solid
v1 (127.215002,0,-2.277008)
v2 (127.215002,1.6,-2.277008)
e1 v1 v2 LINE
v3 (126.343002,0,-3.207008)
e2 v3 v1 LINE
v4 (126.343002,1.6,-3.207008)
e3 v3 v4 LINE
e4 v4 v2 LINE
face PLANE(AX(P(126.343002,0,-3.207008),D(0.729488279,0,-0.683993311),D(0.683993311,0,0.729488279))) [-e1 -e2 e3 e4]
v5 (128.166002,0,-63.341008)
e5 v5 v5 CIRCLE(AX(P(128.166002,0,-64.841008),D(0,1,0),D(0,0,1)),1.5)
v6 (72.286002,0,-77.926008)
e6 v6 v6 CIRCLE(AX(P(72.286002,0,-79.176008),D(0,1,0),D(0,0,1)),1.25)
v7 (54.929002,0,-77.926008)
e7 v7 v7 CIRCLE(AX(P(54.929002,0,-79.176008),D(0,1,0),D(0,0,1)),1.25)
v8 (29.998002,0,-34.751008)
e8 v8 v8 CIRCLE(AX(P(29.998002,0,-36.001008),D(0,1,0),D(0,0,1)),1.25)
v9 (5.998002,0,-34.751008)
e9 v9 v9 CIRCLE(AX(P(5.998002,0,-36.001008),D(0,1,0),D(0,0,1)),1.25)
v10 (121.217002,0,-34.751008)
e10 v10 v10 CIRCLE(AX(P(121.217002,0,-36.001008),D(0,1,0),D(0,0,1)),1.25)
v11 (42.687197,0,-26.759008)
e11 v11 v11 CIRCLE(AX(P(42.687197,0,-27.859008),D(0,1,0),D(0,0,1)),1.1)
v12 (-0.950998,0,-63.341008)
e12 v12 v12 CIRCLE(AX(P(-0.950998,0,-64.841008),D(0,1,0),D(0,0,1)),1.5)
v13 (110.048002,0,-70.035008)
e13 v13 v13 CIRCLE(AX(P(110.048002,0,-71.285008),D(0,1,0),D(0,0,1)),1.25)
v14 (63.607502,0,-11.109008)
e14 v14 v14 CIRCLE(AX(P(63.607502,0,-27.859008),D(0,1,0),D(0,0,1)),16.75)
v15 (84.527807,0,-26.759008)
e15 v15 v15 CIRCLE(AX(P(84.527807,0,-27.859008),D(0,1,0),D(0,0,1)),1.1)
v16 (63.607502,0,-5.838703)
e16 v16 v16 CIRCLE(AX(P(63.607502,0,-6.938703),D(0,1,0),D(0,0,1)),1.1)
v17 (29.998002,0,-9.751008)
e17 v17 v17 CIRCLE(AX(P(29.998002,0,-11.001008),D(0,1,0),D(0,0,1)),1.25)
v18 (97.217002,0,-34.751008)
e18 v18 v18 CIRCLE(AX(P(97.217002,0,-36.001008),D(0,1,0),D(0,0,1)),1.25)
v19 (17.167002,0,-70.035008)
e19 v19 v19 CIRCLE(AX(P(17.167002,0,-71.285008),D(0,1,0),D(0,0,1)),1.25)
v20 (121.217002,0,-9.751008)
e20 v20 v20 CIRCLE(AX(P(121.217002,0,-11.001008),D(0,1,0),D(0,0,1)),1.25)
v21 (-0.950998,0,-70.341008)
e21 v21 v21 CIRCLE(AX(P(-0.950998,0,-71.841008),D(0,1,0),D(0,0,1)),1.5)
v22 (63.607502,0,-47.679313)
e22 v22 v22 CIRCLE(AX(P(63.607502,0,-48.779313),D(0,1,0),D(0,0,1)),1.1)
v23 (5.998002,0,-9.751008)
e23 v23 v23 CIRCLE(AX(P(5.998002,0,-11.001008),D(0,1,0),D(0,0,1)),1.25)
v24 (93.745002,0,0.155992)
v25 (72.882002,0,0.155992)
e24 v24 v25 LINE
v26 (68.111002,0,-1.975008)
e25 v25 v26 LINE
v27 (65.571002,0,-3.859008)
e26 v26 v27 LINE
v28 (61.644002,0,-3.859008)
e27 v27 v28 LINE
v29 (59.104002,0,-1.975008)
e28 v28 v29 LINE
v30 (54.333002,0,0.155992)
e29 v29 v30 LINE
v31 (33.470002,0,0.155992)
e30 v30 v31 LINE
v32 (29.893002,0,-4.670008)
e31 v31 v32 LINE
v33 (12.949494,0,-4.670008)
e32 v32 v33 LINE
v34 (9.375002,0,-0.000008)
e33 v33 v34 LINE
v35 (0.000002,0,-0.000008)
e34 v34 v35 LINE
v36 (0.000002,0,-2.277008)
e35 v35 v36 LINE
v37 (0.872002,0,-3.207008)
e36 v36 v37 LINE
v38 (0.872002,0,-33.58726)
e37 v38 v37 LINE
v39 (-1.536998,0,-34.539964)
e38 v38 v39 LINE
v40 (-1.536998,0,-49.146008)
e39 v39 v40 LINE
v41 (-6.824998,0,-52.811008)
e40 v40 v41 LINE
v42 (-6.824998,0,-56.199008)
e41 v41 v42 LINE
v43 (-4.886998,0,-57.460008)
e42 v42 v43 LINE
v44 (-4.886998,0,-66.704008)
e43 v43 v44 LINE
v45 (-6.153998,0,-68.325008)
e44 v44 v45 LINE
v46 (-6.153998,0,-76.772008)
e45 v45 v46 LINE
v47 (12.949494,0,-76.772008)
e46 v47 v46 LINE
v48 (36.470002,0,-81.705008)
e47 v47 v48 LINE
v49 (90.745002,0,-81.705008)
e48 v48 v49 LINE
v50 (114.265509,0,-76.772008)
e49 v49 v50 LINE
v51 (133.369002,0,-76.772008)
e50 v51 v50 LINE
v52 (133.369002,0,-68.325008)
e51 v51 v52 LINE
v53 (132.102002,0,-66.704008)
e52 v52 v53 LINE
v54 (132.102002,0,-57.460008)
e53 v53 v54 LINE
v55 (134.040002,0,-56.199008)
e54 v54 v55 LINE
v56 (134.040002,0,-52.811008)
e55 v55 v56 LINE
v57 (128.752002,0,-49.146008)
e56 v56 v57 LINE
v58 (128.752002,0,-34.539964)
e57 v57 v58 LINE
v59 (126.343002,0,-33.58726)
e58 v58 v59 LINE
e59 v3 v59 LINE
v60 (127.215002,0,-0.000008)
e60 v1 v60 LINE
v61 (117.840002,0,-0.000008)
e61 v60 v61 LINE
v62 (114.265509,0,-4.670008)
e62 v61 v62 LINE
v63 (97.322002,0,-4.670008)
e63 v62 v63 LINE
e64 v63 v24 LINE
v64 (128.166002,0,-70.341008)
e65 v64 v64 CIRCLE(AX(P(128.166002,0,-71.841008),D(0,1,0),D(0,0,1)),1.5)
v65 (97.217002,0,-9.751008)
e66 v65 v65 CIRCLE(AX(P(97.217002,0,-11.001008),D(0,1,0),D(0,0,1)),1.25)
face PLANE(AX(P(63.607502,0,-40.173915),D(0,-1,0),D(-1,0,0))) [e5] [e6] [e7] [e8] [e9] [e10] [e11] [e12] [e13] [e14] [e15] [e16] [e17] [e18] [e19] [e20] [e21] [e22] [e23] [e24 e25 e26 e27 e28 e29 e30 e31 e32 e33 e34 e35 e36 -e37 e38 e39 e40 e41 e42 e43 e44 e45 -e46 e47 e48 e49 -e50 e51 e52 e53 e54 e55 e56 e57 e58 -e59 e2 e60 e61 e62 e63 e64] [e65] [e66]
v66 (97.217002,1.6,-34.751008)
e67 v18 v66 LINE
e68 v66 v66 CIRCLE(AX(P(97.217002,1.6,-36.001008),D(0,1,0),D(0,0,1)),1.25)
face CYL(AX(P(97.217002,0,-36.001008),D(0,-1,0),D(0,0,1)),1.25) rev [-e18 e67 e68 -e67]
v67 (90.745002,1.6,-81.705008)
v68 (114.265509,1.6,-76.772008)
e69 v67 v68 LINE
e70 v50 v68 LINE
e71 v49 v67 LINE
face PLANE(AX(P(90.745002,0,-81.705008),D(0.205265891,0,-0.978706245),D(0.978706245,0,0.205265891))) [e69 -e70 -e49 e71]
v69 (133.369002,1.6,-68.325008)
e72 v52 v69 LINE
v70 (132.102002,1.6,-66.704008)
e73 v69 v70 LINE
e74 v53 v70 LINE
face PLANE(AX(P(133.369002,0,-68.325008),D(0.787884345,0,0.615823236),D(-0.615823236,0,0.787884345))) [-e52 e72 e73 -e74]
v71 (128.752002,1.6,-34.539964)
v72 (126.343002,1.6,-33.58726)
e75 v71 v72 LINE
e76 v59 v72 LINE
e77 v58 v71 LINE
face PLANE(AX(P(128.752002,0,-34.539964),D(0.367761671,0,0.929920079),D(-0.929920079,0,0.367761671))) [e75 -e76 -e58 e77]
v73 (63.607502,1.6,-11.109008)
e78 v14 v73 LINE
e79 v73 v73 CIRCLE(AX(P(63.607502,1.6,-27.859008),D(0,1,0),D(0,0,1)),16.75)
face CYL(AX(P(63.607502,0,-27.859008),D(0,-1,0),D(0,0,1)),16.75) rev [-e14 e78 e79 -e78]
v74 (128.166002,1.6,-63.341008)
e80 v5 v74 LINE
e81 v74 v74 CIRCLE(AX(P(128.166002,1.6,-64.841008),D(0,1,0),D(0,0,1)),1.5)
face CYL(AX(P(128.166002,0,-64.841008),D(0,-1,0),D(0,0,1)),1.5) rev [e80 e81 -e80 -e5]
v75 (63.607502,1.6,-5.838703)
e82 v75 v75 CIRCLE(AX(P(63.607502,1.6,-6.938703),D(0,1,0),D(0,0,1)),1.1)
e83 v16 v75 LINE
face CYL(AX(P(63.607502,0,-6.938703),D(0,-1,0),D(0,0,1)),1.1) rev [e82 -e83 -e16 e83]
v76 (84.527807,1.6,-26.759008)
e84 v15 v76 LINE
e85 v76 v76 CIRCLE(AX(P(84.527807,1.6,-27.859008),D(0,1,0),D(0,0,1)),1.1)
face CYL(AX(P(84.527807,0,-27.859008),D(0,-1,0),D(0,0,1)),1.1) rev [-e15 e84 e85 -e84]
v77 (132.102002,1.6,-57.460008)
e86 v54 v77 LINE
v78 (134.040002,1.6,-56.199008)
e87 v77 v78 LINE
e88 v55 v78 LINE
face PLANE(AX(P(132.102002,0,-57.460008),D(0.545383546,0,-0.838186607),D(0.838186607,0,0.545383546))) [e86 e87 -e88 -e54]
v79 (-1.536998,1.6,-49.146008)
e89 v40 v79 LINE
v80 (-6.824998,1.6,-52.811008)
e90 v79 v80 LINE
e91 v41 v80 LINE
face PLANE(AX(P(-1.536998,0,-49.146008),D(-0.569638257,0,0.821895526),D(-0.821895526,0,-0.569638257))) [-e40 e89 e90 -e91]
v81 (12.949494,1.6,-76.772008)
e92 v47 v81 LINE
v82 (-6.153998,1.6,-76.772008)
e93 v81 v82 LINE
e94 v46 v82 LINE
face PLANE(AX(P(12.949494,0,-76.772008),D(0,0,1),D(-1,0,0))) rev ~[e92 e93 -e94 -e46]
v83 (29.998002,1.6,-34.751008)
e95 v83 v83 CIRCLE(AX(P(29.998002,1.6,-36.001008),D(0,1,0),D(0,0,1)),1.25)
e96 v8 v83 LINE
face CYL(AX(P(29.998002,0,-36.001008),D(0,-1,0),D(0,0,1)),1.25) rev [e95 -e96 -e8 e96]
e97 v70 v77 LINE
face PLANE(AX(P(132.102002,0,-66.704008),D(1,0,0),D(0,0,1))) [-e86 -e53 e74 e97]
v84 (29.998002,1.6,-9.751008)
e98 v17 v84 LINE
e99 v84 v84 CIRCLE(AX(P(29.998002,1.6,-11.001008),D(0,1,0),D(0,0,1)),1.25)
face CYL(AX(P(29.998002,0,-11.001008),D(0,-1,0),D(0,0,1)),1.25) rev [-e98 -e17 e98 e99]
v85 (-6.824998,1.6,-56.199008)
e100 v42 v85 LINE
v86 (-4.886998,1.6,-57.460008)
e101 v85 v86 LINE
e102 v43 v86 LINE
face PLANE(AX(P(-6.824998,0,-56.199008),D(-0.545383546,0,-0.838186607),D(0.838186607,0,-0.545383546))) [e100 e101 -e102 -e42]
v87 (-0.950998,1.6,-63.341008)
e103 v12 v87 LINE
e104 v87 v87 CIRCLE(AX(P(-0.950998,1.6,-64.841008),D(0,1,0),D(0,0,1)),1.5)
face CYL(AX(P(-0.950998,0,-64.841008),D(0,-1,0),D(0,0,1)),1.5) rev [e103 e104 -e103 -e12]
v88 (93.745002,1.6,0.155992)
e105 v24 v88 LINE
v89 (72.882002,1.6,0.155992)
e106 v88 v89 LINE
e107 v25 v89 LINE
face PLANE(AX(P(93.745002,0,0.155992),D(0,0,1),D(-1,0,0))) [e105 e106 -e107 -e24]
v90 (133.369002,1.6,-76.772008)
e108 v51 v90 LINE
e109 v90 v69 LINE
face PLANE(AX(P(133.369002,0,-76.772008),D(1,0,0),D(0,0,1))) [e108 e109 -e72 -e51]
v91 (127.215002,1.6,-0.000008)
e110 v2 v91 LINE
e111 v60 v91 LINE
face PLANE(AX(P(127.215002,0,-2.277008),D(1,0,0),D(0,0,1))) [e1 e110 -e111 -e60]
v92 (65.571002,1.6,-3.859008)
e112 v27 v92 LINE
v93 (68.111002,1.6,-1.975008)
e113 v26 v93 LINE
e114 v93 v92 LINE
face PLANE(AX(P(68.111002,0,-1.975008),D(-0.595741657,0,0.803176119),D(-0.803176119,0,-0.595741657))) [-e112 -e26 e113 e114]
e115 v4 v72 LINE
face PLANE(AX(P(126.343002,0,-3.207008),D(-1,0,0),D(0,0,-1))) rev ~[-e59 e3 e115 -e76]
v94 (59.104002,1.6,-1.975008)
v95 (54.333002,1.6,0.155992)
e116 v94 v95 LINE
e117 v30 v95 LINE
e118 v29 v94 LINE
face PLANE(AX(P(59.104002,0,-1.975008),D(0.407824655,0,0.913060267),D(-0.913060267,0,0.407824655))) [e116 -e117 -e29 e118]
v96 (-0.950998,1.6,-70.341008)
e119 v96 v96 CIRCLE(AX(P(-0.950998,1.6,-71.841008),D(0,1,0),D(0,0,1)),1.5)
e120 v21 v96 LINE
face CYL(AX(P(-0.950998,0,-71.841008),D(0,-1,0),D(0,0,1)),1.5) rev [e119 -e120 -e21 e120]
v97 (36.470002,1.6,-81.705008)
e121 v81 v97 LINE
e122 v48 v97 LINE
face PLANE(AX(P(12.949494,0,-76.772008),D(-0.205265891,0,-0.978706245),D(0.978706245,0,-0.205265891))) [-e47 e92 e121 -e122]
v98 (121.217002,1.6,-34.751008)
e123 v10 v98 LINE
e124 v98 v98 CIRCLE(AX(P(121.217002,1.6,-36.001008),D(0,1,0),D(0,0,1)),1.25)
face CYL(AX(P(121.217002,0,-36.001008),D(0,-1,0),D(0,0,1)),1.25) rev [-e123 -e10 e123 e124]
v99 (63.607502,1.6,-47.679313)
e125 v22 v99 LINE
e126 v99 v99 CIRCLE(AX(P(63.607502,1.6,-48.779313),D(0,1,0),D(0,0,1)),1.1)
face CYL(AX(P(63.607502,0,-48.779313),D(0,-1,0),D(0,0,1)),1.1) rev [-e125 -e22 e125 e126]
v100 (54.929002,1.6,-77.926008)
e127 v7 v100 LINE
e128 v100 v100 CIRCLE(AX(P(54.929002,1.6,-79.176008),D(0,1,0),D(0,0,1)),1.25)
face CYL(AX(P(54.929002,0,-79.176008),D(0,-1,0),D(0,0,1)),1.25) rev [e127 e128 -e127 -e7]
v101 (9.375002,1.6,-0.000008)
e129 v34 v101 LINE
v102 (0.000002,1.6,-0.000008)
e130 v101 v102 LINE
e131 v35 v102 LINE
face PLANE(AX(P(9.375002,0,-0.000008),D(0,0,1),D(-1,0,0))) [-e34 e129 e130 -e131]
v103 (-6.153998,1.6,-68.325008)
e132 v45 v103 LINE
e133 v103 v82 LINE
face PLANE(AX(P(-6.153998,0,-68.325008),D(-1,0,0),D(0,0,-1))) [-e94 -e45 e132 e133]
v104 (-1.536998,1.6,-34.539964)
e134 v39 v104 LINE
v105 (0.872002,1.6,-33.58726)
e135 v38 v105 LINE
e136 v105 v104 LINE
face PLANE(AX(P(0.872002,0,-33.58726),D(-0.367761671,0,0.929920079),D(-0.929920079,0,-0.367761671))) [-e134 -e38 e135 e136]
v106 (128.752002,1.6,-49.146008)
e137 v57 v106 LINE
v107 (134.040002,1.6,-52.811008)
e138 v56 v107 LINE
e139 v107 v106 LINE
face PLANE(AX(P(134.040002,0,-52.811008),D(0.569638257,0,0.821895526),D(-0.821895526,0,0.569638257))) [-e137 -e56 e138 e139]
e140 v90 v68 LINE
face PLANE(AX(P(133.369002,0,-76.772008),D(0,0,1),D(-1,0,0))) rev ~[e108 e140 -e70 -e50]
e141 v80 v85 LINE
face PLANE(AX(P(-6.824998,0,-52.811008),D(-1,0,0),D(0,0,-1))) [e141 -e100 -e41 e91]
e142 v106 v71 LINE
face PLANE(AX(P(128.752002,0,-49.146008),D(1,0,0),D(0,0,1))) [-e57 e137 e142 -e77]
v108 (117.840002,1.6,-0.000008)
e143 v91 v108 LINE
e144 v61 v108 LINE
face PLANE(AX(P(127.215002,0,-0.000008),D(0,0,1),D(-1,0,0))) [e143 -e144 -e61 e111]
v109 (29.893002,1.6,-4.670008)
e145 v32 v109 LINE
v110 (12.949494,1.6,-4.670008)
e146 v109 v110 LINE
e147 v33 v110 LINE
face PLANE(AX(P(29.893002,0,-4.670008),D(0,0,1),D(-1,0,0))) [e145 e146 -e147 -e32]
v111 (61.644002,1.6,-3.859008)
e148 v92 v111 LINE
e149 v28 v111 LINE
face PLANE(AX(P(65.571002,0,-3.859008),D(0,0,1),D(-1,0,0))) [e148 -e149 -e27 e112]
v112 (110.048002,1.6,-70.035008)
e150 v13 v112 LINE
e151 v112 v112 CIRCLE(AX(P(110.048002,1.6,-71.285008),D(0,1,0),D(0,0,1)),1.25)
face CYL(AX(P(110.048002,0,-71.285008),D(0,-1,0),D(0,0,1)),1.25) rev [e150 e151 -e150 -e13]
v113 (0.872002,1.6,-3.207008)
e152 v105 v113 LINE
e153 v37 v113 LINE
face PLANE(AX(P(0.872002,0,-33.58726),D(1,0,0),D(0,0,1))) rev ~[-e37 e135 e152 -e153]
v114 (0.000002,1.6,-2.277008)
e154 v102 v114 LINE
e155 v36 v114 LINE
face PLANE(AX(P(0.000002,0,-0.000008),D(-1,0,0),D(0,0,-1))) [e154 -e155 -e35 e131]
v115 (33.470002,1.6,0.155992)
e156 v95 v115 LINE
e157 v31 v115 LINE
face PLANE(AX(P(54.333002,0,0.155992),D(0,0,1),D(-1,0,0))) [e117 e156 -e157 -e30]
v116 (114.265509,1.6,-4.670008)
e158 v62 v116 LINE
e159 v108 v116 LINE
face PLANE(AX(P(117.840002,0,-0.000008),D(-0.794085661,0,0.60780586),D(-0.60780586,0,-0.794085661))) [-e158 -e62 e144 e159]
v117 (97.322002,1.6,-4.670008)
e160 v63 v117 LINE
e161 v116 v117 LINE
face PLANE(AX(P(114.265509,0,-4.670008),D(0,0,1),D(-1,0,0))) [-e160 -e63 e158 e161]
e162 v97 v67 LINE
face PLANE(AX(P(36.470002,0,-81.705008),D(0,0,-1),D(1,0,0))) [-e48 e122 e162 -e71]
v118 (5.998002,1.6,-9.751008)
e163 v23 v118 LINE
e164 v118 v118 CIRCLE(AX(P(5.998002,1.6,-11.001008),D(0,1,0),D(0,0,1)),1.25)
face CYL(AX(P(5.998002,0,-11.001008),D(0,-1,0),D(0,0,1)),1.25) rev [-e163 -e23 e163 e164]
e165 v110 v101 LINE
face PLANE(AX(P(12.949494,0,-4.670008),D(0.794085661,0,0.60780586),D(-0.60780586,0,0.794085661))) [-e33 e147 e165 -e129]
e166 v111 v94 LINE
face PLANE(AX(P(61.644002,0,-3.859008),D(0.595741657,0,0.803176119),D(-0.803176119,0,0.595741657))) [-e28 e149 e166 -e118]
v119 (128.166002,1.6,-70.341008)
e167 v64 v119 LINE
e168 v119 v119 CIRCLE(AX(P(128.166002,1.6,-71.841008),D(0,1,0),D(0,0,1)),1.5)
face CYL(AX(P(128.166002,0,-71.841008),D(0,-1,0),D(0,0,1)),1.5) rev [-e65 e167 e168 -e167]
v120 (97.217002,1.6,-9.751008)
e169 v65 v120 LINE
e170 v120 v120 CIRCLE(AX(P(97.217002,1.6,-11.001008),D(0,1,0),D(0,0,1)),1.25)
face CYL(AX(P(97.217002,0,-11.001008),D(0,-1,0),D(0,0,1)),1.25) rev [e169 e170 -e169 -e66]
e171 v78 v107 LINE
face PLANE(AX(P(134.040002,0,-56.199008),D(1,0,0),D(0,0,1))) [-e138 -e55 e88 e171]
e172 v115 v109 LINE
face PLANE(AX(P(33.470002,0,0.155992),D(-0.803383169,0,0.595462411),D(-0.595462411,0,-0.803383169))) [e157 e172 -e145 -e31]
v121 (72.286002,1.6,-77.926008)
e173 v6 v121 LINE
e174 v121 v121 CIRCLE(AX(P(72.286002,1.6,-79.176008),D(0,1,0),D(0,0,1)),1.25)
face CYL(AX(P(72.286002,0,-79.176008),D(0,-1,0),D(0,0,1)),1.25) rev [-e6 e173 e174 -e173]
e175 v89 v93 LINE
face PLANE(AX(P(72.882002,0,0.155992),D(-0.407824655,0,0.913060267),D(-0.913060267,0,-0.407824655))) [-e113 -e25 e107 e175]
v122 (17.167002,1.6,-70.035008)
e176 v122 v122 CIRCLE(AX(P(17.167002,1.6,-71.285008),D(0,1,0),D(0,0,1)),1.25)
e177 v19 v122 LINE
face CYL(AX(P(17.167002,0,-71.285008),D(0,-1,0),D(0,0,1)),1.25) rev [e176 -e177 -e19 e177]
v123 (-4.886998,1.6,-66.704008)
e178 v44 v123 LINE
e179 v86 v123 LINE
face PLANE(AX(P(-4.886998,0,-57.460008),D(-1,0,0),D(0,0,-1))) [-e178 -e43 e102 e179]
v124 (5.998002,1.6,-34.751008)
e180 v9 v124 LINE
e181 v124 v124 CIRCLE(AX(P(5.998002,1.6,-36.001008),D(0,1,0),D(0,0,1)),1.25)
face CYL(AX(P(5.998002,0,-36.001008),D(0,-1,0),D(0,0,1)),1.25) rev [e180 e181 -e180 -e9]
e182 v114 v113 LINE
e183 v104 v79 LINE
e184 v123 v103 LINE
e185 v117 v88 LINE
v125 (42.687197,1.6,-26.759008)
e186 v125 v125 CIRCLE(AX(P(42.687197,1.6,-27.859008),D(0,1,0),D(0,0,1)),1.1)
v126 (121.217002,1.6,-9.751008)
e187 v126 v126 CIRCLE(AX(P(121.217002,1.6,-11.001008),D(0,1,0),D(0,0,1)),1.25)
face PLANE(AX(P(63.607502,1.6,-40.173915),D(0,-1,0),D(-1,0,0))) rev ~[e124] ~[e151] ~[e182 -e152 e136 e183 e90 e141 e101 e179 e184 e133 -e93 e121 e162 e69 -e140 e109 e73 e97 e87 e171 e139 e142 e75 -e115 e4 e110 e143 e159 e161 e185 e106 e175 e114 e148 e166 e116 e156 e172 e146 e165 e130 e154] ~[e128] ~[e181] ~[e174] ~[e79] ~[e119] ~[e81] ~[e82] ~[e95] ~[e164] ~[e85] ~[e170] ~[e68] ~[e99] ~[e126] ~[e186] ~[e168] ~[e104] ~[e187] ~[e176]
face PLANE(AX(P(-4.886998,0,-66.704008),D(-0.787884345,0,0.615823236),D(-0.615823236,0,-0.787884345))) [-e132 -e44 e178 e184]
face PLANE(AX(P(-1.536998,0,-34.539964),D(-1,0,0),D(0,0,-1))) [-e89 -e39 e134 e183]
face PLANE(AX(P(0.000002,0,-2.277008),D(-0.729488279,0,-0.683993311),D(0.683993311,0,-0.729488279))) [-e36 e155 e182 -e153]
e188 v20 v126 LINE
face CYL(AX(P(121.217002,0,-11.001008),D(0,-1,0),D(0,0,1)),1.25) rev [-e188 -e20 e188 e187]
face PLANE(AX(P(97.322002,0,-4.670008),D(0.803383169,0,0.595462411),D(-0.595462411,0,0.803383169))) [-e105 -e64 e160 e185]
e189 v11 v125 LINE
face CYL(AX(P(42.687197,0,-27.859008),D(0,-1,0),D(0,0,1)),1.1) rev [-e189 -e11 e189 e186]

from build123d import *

# Parameters (mm, degrees)
CROQUIS1_R              = 1.25
CROQUIS1_R_2            = 1.5
CROQUIS1_R_3            = 16.75
CROQUIS1_R_4            = 1.1
SALIENTE_EXTRUIR1_DEPTH = 1.6


with BuildPart() as part:
    # Croquis1 → Saliente-Extruir1 (new body)
    with BuildSketch(Plane(origin=(0, 0, 0), x_dir=(1, 0, 0), z_dir=(0, 1, 0))):
        Polygon((65.571001722, 3.859007926), (61.644001722, 3.859007926), (59.104001722, 1.975007926), (54.333001722, -0.155992074), (33.470001722, -0.155992074), (29.893001722, 4.670007926), (12.949494381, 4.670007926), (9.375001722, 7.926e-06), (1.722e-06, 7.926e-06), (1.722e-06, 2.277007926), (0.872001722, 3.207007926), (0.872001722, 21.491007926), (0.872001722, 33.587260304), (-1.536998278, 34.539963538), (-1.536998278, 49.146007926), (-6.824998278, 52.811007926), (-6.824998278, 56.199007926), (-4.886998278, 57.460007926), (-4.886998278, 66.704007926), (-6.153998278, 68.325007926), (-6.153998278, 76.772007926), (-2.987377359, 76.772007926), (12.949494381, 76.772007926), (36.470001722, 81.705007926), (90.745001722, 81.705007926), (114.265509063, 76.772007926), (130.202380802, 76.772007926), (133.369001722, 76.772007926), (133.369001722, 68.325007926), (132.102001722, 66.704007926), (132.102001722, 57.460007926), (134.040001722, 56.199007926), (134.040001722, 52.811007926), (128.752001722, 49.146007926), (128.752001722, 34.539963538), (126.343001722, 33.587260304), (126.343001722, 21.491007926), (126.343001722, 3.207007926), (127.215001722, 2.277007926), (127.215001722, 7.926e-06), (117.840001722, 7.926e-06), (114.265509063, 4.670007926), (97.322001722, 4.670007926), (93.745001722, -0.155992074), (72.882001722, -0.155992074), (68.111001722, 1.975007926), align=None)
        with Locations(Location((5.998001722, 11.001007926, 0), (0, 0, 270))):
            Circle(CROQUIS1_R, mode=Mode.SUBTRACT)
        with Locations(Location((5.998001722, 36.001007926, 0), (0, 0, 270))):
            Circle(CROQUIS1_R, mode=Mode.SUBTRACT)
        with Locations(Location((121.217001722, 36.001007926, 0), (0, 0, 270))):
            Circle(CROQUIS1_R, mode=Mode.SUBTRACT)
        with Locations(Location((121.217001722, 11.001007926, 0), (0, 0, 270))):
            Circle(CROQUIS1_R, mode=Mode.SUBTRACT)
        with Locations(Location((-0.950998278, 71.841007926, 0), (0, 0, 270))):
            Circle(CROQUIS1_R_2, mode=Mode.SUBTRACT)
        with Locations(Location((-0.950998278, 64.841007926, 0), (0, 0, 270))):
            Circle(CROQUIS1_R_2, mode=Mode.SUBTRACT)
        with Locations(Location((17.167001722, 71.285007926, 0), (0, 0, 270))):
            Circle(CROQUIS1_R, mode=Mode.SUBTRACT)
        with Locations(Location((54.929001722, 79.176007926, 0), (0, 0, 270))):
            Circle(CROQUIS1_R, mode=Mode.SUBTRACT)
        with Locations(Location((29.998001722, 36.001007926, 0), (0, 0, 270))):
            Circle(CROQUIS1_R, mode=Mode.SUBTRACT)
        with Locations(Location((29.998001722, 11.001007926, 0), (0, 0, 270))):
            Circle(CROQUIS1_R, mode=Mode.SUBTRACT)
        with Locations(Location((97.217001722, 11.001007926, 0), (0, 0, 270))):
            Circle(CROQUIS1_R, mode=Mode.SUBTRACT)
        with Locations(Location((97.217001722, 36.001007926, 0), (0, 0, 270))):
            Circle(CROQUIS1_R, mode=Mode.SUBTRACT)
        with Locations(Location((72.286001722, 79.176007926, 0), (0, 0, 270))):
            Circle(CROQUIS1_R, mode=Mode.SUBTRACT)
        with Locations(Location((110.048001722, 71.285007926, 0), (0, 0, 270))):
            Circle(CROQUIS1_R, mode=Mode.SUBTRACT)
        with Locations(Location((128.166001722, 64.841007926, 0), (0, 0, 270))):
            Circle(CROQUIS1_R_2, mode=Mode.SUBTRACT)
        with Locations(Location((128.166001722, 71.841007926, 0), (0, 0, 270))):
            Circle(CROQUIS1_R_2, mode=Mode.SUBTRACT)
        with Locations(Location((63.607501722, 27.859007926, 0), (0, 0, 270))):
            Circle(CROQUIS1_R_3, mode=Mode.SUBTRACT)
        with Locations(Location((63.607501722, 48.779312854, 0), (0, 0, 270))):
            Circle(CROQUIS1_R_4, mode=Mode.SUBTRACT)
        with Locations(Location((84.52780665, 27.859007926, 0), (0, 0, 270))):
            Circle(CROQUIS1_R_4, mode=Mode.SUBTRACT)
        with Locations(Location((63.607501722, 6.938702998, 0), (0, 0, 270))):
            Circle(CROQUIS1_R_4, mode=Mode.SUBTRACT)
        with Locations(Location((42.687196794, 27.859007926, 0), (0, 0, 270))):
            Circle(CROQUIS1_R_4, mode=Mode.SUBTRACT)
    extrude(amount=SALIENTE_EXTRUIR1_DEPTH)


solid = part.part
